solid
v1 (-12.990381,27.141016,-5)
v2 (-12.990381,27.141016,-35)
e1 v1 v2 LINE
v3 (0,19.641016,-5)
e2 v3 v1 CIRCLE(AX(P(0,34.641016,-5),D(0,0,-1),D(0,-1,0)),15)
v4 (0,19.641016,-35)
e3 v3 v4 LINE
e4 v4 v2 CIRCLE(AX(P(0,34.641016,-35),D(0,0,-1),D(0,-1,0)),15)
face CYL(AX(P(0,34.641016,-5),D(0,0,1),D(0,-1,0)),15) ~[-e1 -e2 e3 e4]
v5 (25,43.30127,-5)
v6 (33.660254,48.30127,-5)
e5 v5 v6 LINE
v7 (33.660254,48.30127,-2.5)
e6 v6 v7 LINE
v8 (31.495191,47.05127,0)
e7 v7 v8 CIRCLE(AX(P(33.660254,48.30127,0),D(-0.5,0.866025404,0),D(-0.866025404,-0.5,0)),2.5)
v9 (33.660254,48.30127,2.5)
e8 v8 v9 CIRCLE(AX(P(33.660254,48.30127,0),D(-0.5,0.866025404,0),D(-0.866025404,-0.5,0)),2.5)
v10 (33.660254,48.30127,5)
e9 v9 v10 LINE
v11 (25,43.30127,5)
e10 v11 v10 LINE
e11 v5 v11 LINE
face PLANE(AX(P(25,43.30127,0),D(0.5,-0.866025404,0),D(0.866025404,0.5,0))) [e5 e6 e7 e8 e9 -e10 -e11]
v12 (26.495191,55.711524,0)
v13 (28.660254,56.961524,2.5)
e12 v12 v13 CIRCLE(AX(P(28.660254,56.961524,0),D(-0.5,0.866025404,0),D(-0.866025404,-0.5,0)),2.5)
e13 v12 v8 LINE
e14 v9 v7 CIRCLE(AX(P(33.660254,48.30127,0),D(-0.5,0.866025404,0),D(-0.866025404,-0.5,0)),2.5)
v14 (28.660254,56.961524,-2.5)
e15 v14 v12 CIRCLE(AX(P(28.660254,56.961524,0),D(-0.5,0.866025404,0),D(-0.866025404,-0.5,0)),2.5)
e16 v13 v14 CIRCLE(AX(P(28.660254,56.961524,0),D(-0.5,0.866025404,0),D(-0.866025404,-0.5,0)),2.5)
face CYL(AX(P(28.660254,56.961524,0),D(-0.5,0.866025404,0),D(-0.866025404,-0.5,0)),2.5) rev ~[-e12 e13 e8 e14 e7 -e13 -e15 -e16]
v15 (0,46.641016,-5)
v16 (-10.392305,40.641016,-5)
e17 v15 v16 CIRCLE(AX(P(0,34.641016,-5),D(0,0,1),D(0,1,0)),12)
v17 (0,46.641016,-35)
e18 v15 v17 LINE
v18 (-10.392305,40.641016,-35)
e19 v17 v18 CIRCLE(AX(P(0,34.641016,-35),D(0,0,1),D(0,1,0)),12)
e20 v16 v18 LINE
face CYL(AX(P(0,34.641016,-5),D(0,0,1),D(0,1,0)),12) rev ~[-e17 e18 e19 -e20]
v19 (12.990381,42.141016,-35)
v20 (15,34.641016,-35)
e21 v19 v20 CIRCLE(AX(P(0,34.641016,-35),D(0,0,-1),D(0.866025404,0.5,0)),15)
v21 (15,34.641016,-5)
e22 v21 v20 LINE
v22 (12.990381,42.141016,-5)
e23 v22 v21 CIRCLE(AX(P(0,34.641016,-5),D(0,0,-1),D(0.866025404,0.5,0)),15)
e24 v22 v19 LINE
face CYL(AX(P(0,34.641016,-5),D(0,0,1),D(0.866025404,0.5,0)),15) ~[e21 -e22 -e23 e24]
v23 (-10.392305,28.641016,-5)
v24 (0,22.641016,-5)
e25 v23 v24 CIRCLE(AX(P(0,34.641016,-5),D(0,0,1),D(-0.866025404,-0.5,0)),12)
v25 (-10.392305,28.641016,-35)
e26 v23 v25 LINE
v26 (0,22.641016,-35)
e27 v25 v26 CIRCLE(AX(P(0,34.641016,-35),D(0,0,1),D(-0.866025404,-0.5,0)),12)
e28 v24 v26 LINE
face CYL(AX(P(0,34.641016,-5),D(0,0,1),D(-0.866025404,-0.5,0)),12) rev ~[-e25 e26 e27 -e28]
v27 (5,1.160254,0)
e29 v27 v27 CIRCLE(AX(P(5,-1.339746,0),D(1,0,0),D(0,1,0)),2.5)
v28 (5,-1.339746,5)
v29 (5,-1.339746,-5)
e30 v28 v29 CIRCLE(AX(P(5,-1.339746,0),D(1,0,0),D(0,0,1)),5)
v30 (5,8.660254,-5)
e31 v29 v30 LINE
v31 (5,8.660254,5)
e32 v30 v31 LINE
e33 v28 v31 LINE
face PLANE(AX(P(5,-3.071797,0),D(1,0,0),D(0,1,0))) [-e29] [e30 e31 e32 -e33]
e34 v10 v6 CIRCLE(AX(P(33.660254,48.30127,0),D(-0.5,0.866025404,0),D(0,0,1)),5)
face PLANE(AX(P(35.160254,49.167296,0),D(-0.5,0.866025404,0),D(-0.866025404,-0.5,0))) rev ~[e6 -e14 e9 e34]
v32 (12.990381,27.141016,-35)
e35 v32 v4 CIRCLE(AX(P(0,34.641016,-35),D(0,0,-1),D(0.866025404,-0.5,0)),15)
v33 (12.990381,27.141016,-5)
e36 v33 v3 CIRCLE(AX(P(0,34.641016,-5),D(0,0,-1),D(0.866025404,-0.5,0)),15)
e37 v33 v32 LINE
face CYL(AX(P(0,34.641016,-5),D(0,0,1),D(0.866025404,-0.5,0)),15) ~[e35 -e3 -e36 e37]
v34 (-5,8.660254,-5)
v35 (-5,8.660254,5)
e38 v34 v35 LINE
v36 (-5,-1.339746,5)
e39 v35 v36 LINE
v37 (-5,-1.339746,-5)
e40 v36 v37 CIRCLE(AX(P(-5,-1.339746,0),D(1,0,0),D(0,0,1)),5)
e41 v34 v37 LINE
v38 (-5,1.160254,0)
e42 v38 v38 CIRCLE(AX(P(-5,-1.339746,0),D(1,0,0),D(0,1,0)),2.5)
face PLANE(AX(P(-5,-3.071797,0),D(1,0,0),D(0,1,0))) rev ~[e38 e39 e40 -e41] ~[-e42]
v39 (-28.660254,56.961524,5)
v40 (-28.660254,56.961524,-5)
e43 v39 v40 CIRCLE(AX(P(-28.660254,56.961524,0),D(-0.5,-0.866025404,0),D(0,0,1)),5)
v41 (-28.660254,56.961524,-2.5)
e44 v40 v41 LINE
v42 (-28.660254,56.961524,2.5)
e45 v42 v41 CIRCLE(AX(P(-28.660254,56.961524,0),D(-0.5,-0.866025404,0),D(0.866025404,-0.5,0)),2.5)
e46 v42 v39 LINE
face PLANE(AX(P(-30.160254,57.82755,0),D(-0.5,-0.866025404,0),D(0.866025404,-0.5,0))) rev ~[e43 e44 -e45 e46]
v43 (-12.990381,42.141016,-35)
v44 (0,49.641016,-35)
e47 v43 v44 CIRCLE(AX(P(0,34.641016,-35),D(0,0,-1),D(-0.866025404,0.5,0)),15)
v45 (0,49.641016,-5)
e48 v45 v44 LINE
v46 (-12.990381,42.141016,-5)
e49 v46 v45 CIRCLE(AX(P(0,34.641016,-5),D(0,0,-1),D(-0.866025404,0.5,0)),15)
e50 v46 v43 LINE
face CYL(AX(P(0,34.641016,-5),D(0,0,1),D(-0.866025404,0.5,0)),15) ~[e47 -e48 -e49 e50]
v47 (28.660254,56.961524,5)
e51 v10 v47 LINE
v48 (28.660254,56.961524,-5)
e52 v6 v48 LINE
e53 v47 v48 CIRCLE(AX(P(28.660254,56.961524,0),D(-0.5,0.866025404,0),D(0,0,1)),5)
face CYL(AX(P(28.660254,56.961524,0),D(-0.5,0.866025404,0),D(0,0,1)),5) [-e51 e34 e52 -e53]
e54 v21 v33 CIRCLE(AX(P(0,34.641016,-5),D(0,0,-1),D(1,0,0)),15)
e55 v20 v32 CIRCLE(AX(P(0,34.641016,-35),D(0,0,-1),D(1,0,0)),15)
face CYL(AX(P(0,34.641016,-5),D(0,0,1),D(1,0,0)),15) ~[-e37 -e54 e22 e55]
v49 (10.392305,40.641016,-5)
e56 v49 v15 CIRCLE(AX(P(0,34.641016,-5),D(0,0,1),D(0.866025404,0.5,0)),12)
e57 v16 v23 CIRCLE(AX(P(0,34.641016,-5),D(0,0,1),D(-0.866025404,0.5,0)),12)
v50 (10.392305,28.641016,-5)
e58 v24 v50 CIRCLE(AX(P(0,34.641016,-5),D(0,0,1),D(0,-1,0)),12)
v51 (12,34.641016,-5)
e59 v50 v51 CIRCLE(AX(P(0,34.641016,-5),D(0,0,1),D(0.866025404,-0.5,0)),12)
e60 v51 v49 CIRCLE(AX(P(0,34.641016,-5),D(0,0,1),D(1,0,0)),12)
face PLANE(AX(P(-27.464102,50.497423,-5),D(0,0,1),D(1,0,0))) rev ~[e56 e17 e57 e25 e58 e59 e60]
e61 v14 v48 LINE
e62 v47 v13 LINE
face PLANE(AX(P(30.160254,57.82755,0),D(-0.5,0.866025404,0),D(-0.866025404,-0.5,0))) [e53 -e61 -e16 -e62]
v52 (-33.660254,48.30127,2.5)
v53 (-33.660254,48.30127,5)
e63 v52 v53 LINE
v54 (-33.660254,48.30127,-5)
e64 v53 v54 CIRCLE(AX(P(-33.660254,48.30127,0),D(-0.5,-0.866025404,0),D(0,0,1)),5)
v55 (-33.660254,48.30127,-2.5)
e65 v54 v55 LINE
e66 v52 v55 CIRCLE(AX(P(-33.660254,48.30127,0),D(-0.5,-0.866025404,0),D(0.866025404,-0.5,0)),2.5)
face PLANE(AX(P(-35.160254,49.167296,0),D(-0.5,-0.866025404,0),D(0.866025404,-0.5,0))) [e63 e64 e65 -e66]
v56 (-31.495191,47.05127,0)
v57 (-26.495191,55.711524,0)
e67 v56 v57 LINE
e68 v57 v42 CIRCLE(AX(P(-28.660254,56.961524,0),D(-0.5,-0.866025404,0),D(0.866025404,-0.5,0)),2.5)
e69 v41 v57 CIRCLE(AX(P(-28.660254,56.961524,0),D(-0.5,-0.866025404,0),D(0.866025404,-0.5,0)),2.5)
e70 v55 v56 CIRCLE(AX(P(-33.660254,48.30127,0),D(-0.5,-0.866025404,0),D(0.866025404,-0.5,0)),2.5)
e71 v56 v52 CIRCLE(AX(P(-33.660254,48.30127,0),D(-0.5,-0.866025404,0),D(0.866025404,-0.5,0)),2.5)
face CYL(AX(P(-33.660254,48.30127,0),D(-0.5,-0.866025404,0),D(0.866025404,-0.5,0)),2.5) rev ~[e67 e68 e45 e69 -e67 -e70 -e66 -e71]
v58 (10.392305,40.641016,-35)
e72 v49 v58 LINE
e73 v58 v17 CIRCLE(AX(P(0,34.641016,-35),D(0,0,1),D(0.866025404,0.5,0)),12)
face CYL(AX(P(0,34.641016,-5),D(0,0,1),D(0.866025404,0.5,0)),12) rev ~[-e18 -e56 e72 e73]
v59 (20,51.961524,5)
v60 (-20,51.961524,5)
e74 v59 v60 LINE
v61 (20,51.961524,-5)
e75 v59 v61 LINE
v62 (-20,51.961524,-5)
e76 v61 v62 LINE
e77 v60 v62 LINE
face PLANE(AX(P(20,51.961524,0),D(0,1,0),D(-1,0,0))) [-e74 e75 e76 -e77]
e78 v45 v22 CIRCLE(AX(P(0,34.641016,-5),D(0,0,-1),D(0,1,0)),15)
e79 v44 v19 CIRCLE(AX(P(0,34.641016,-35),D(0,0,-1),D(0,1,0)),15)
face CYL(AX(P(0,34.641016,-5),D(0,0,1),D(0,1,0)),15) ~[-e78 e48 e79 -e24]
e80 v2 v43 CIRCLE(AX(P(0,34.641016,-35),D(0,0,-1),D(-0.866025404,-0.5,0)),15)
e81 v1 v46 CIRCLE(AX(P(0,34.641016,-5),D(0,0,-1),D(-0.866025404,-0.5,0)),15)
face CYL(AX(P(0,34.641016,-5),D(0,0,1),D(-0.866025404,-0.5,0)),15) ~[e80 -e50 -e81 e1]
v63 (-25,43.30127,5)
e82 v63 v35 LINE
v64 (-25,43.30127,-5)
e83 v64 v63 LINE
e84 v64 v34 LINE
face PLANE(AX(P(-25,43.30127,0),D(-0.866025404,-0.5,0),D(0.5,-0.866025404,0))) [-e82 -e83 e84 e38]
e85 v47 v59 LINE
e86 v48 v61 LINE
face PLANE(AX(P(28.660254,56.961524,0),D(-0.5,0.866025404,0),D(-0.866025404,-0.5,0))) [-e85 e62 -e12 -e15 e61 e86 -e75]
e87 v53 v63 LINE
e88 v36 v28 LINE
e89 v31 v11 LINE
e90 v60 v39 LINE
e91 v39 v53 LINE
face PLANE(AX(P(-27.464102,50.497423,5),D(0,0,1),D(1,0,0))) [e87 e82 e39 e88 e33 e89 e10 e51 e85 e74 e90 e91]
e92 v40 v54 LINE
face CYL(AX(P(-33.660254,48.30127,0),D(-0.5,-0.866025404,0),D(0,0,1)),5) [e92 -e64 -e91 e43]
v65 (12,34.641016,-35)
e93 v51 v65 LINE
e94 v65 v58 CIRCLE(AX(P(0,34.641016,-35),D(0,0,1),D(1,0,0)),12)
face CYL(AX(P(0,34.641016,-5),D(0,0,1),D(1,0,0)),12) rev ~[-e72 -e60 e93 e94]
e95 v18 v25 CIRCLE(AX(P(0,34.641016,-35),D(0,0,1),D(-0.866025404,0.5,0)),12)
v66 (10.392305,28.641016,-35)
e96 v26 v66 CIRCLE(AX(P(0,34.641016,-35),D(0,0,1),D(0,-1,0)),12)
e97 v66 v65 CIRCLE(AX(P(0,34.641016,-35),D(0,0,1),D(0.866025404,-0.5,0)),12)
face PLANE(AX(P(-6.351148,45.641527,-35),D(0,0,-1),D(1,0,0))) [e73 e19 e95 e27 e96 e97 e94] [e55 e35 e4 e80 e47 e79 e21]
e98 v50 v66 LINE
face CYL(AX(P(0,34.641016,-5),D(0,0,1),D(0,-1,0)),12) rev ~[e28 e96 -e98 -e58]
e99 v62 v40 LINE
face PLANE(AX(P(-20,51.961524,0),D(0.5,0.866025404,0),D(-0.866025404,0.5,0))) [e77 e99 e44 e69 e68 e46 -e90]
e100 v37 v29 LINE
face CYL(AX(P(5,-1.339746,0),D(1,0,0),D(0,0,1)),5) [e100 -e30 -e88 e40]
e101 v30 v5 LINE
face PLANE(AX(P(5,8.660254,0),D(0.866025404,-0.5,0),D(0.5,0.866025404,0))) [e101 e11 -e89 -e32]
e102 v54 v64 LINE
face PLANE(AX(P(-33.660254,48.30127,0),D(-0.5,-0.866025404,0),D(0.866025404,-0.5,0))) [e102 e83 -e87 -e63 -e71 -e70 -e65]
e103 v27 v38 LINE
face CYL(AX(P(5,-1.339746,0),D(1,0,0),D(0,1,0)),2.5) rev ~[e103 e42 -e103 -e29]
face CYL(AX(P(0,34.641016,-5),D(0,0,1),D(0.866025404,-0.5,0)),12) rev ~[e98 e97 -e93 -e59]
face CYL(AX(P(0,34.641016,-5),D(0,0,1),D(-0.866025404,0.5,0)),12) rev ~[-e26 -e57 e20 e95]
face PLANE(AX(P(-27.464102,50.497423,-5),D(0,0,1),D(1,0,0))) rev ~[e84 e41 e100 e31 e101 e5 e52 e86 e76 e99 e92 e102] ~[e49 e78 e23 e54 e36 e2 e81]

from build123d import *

# Parameters (mm, degrees)
F1_DEPTH  = 5
F3_DEPTH  = 10
F5_DEPTH  = 10
F7_DEPTH  = 10
F8_R      = 2.5
F9_DEPTH  = 25.4
F10_R     = 2.5
F11_DEPTH = 25.4
F12_R     = 2.5
F13_DEPTH = 25.4
F15_DEPTH = 30


with BuildPart() as f1:
    # F0 (on Top) → F1 (new body, symmetric)
    with BuildSketch(Plane.XY):
        Polygon((-25, 43.3012701892), (-30, 51.9615242271), (-20, 51.9615242271), (-28.6602540378, 56.9615242271), (-33.6602540378, 48.3012701892), align=None)
        Polygon((-20, 51.9615242271), (-30, 51.9615242271), (-25, 43.3012701892), align=None)
        Polygon((20, 51.9615242271), (-20, 51.9615242271), (-25, 43.3012701892), (-5, 8.6602540378), (5, 8.6602540378), (25, 43.3012701892), align=None)
        Polygon((28.6602540378, 56.9615242271), (20, 51.9615242271), (30, 51.9615242271), (25, 43.3012701892), (33.6602540378, 48.3012701892), align=None)
        Polygon((30, 51.9615242271), (20, 51.9615242271), (25, 43.3012701892), align=None)
        Polygon((5, 8.6602540378), (-5, 8.6602540378), (0, 0), align=None)
        Polygon((0, 0), (-5, 8.6602540378), (-5, -1.3397459622), (5, -1.3397459622), (5, 8.6602540378), align=None)
    extrude(amount=F1_DEPTH, both=True)

    # F2 (on face) → F3 (join)
    with BuildSketch(Plane(origin=(12.5, 21.6506350946, 0), x_dir=(0.8660254038, -0.5, 0), z_dir=(-0.5, -0.8660254038, 0))):
        with BuildLine():
            Line((-53.3012701892, -5), (-53.3012701892, 5))
            ThreePointArc((-53.3012701892, 5), (-58.3012701892, 0), (-53.3012701892, -5))
        make_face()
    extrude(amount=-F3_DEPTH)

    # F4 (on face) → F5 (join)
    with BuildSketch(Plane(origin=(-17.5, 30.3108891325, 0), x_dir=(-0.8660254038, -0.5, 0), z_dir=(-0.5, 0.8660254038, 0))):
        with BuildLine():
            Line((-53.3012701892, -5), (-53.3012701892, 5))
            ThreePointArc((-53.3012701892, 5), (-58.3012701892, 0), (-53.3012701892, -5))
        make_face()
    extrude(amount=-F5_DEPTH)

    # F6 (on face) → F7 (join)
    with BuildSketch(Plane.YZ.offset(5)):
        with BuildLine():
            Line((-1.3397459622, -5), (-1.3397459622, 5))
            ThreePointArc((-1.3397459622, 5), (-6.3397459622, 0), (-1.3397459622, -5))
        make_face()
    extrude(amount=-F7_DEPTH)

    # F8 (on face) → F9 (cut)
    with BuildSketch(Plane.YZ.offset(5)):
        with Locations((-1.3397459622, 0)):
            Circle(F8_R)
    extrude(amount=-F9_DEPTH, mode=Mode.SUBTRACT)

    # F10 (on face) → F11 (cut)
    with BuildSketch(Plane(origin=(-17.5, 30.3108891325, 0), x_dir=(-0.8660254038, -0.5, 0), z_dir=(-0.5, 0.8660254038, 0))):
        with Locations((-53.3012701892, 0)):
            Circle(F10_R)
    extrude(amount=-F11_DEPTH, mode=Mode.SUBTRACT)

    # F12 (on face) → F13 (cut)
    with BuildSketch(Plane(origin=(12.5, 21.6506350946, 0), x_dir=(0.8660254038, -0.5, 0), z_dir=(-0.5, -0.8660254038, 0))):
        with Locations((-53.3012701892, 0)):
            Circle(F12_R)
    extrude(amount=-F13_DEPTH, mode=Mode.SUBTRACT)

    # F14 (on face) → F15 (join)
    with BuildSketch(Plane(origin=(0, 0, -5), x_dir=(1, 0, 0), z_dir=(0, 0, -1))):
        with BuildLine():
            ThreePointArc((-12.9903810568, -42.1410161514), (-7.5, -47.6313972081), (0, -49.6410161514))
            Line((0, -49.6410161514), (0, -46.6410161514))
            ThreePointArc((0, -46.6410161514), (-6, -45.0333209968), (-10.3923048454, -40.6410161514))
            Line((-10.3923048454, -40.6410161514), (-12.9903810568, -42.1410161514))
        make_face()
        with BuildLine():
            Line((0, -46.6410161514), (0, -49.6410161514))
            ThreePointArc((0, -49.6410161514), (7.5, -47.6313972081), (12.9903810568, -42.1410161514))
            Line((12.9903810568, -42.1410161514), (10.3923048454, -40.6410161514))
            ThreePointArc((10.3923048454, -40.6410161514), (6, -45.0333209968), (0, -46.6410161514))
        make_face()
        with BuildLine():
            ThreePointArc((-12.9903810568, -27.1410161514), (-15, -34.6410161514), (-12.9903810568, -42.1410161514))
            Line((-12.9903810568, -42.1410161514), (-10.3923048454, -40.6410161514))
            ThreePointArc((-10.3923048454, -40.6410161514), (-12, -34.6410161514), (-10.3923048454, -28.6410161514))
            Line((-10.3923048454, -28.6410161514), (-12.9903810568, -27.1410161514))
        make_face()
        with BuildLine():
            Line((10.3923048454, -40.6410161514), (12.9903810568, -42.1410161514))
            ThreePointArc((12.9903810568, -42.1410161514), (14.4888873943, -38.5233018279), (15, -34.6410161514))
            ThreePointArc((15, -34.6410161514), (14.4888873943, -30.7587304748), (12.9903810568, -27.1410161514))
            Line((12.9903810568, -27.1410161514), (10.3923048454, -28.6410161514))
            ThreePointArc((10.3923048454, -28.6410161514), (11.5911099155, -31.5351876101), (12, -34.6410161514))
            ThreePointArc((12, -34.6410161514), (11.5911099155, -37.7468446926), (10.3923048454, -40.6410161514))
        make_face()
        with BuildLine():
            ThreePointArc((0, -19.6410161514), (-7.5, -21.6506350946), (-12.9903810568, -27.1410161514))
            Line((-12.9903810568, -27.1410161514), (-10.3923048454, -28.6410161514))
            ThreePointArc((-10.3923048454, -28.6410161514), (-6, -24.248711306), (0, -22.6410161514))
            Line((0, -22.6410161514), (0, -19.6410161514))
        make_face()
        with BuildLine():
            Line((0, -19.6410161514), (0, -22.6410161514))
            ThreePointArc((0, -22.6410161514), (6, -24.248711306), (10.3923048454, -28.6410161514))
            Line((10.3923048454, -28.6410161514), (12.9903810568, -27.1410161514))
            ThreePointArc((12.9903810568, -27.1410161514), (7.5, -21.6506350946), (0, -19.6410161514))
        make_face()
    extrude(amount=F15_DEPTH)


solid = f1.part
